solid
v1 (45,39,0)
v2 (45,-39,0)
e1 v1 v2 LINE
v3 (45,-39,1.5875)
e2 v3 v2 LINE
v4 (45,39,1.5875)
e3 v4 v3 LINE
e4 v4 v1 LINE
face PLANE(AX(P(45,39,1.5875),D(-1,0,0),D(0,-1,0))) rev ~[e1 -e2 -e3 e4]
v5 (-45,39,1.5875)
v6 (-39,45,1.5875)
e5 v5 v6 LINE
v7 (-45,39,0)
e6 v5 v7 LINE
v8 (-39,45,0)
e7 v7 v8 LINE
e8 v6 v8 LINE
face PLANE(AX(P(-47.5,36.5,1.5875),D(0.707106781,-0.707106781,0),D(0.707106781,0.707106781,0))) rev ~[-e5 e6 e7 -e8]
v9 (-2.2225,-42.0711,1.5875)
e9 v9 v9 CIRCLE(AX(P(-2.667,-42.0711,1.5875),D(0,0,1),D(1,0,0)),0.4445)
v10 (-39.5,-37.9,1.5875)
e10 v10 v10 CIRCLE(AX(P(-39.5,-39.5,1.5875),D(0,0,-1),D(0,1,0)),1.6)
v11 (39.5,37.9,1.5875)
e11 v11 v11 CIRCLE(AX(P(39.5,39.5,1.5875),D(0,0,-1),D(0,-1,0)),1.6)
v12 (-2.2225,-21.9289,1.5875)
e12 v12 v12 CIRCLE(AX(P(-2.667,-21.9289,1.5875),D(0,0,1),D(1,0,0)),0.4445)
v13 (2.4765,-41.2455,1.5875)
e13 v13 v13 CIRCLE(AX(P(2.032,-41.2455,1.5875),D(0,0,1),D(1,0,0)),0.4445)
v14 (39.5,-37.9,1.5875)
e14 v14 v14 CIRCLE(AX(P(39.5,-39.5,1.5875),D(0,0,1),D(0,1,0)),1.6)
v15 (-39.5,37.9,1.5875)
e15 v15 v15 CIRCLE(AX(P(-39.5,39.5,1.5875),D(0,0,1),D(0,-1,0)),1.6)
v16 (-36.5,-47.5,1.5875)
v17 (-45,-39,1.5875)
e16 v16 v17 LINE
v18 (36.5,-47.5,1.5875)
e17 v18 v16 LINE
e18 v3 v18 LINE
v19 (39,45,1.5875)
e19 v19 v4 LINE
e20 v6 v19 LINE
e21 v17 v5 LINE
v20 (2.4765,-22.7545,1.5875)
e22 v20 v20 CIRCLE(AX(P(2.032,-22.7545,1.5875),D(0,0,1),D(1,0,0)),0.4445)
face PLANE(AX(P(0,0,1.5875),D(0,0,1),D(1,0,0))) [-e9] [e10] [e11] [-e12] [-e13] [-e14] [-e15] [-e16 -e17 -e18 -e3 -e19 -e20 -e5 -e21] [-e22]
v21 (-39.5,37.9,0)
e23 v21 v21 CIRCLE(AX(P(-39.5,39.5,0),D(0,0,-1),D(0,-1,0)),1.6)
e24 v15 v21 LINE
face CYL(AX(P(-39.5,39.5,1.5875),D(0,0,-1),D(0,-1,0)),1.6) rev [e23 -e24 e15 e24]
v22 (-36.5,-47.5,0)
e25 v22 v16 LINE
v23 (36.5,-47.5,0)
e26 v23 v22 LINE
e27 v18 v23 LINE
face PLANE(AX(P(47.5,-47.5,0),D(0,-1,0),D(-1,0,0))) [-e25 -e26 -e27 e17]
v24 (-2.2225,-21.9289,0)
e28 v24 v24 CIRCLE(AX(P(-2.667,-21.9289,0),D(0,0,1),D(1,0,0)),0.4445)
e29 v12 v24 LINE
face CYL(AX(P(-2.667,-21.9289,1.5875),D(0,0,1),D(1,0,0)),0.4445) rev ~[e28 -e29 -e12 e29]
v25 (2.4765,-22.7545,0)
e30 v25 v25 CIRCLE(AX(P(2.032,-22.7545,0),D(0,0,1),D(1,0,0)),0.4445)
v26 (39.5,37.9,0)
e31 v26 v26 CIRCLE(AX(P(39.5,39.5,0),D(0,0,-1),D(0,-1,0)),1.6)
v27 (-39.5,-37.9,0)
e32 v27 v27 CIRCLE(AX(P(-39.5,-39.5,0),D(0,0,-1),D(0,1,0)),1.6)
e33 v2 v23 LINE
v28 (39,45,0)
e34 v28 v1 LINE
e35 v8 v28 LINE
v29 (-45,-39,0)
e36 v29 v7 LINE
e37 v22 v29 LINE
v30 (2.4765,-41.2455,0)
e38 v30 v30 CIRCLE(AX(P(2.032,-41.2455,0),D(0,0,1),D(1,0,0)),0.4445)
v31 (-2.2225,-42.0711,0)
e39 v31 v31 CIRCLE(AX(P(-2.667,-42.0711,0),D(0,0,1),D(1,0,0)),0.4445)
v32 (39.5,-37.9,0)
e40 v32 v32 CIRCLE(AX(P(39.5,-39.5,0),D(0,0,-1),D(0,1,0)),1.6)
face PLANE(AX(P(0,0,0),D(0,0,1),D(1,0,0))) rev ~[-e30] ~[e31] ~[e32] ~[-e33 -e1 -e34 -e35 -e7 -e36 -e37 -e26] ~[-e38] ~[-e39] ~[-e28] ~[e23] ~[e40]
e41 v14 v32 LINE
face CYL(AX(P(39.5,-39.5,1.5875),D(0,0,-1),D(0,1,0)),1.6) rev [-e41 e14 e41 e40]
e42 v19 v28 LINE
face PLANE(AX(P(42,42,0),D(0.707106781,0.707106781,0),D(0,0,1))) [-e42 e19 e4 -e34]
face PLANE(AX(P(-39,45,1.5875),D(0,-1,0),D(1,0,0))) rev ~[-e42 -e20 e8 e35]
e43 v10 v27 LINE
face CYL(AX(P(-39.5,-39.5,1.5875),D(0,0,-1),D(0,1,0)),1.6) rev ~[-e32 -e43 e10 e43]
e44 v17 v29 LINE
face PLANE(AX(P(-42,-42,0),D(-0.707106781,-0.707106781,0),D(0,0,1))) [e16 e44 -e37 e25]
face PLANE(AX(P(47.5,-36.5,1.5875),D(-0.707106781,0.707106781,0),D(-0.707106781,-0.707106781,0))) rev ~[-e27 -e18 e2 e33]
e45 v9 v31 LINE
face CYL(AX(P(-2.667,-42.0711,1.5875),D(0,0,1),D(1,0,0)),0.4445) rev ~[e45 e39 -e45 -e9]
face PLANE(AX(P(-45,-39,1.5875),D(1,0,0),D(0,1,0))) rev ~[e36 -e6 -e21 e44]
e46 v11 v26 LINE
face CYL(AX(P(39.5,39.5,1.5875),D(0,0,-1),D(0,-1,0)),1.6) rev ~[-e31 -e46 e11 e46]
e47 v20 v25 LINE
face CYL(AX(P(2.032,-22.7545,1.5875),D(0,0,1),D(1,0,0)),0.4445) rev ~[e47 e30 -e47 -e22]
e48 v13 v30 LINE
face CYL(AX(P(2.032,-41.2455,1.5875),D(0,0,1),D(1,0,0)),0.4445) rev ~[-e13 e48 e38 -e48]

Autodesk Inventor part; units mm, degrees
sketch "AL_spacer_contact_Zminus" plane through (0, 0, 0) normal (0, 0, 1) x (1, 0, 0)
  circle A0 centre (39.5, 39.5) radius 3.175
  circle A1 centre (39.5, -39.5) radius 3.175
  circle A2 centre (-39.5, -39.5) radius 3.175
  circle A3 centre (-39.5, 39.5) radius 3.175
  point P0 (0, 0)
  dimension "d228" = 39.5
  dimension "d229" = 39.5
  dimension "d230" = 39.5
  dimension "d231" = 39.5
  dimension "d232" = 39.5
  dimension "d233" = 39.5
  dimension "d234" = 39.5
  dimension "d235" = 39.5
  dimension "d236" = 6.35
sketch "Delrin_stayout_Zminus" plane through (0, 0, 0) normal (0, 0, 1) x (1, 0, 0)
  line L0 (47.5, 39.5) -> (47.5, 31)
  line L1 (47.5, 31) -> (39.5, 31)
  line L2 (39.5, 31) -> (31, 39.5)
  line L3 (31, 39.5) -> (31, 47.5)
  line L4 (31, 47.5) -> (39.5, 47.5)
  line L5 (39.5, 47.5) -> (47.5, 39.5)
  line L6 (-39.5, 47.5) -> (-47.5, 39.5)
  line L7 (-47.5, 39.5) -> (-47.5, 31)
  line L8 (-47.5, 31) -> (-39.5, 31)
  line L9 (-39.5, 31) -> (-31, 39.5)
  line L10 (-31, 39.5) -> (-31, 47.5)
  line L11 (-31, 47.5) -> (-39.5, 47.5)
  line L12 (47.5, -39.5) -> (39.5, -47.5)
  line L13 (39.5, -47.5) -> (31, -47.5)
  line L14 (31, -47.5) -> (31, -39.5)
  line L15 (31, -39.5) -> (39.5, -31)
  line L16 (39.5, -31) -> (47.5, -31)
  line L17 (47.5, -31) -> (47.5, -39.5)
  line L18 (-39.5, -47.5) -> (-47.5, -39.5)
  line L19 (-47.5, -39.5) -> (-47.5, -31)
  line L20 (-47.5, -31) -> (-39.5, -31)
  line L21 (-39.5, -31) -> (-31, -39.5)
  line L22 (-31, -39.5) -> (-31, -47.5)
  line L23 (-31, -47.5) -> (-39.5, -47.5)
  point P0 (0, 0)
  dimension "d243" = 16.5
  dimension "d244" = 8
  dimension "d245" = 8.5
  dimension "d246" = 16.5
  dimension "d247" = 47.5
  dimension "d248" = 47.5
  dimension "d249" = 47.5
  dimension "d250" = 47.5
  dimension "d251" = 47.5
  dimension "d252" = 47.5
  dimension "d253" = 47.5
  dimension "d254" = 47.5
sketch "Nub_stayout_Zminus" plane through (0, 0, 0) normal (0, 0, 1) x (1, 0, 0)
  line L0 (29, 47.5) -> (39.5, 47.5)
  line L1 (39.5, 47.5) -> (47.5, 39.5)
  line L2 (47.5, 39.5) -> (47.5, 29)
  line L3 (47.5, 29) -> (42, 29)
  line L4 (42, 29) -> (42, 40.4125)
  line L5 (40.4125, 42) -> (29, 42)
  line L6 (29, 42) -> (29, 47.5)
  arc A0 (42, 40.4125) -> (40.4125, 42) centre (40.4125, 40.4125) ccw
  line L7 (-29, 47.5) -> (-39.5, 47.5)
  line L8 (-39.5, 47.5) -> (-47.5, 39.5)
  line L9 (-47.5, 39.5) -> (-47.5, 29)
  line L10 (-47.5, 29) -> (-42, 29)
  line L11 (-42, 29) -> (-42, 40.4125)
  line L12 (-40.4125, 42) -> (-29, 42)
  line L13 (-29, 42) -> (-29, 47.5)
  arc A1 (-40.4125, 42) -> (-42, 40.4125) centre (-40.4125, 40.4125) ccw
  line L14 (-47.5, -29) -> (-42, -29)
  line L15 (-42, -29) -> (-42, -40.4125)
  line L16 (-40.4125, -42) -> (-29, -42)
  line L17 (-29, -42) -> (-29, -47.5)
  line L18 (-29, -47.5) -> (-39.5, -47.5)
  line L19 (-39.5, -47.5) -> (-47.5, -39.5)
  line L20 (-47.5, -39.5) -> (-47.5, -29)
  arc A2 (-42, -40.4125) -> (-40.4125, -42) centre (-40.4125, -40.4125) ccw
  line L21 (47.5, -29) -> (42, -29)
  line L22 (42, -29) -> (42, -40.4125)
  line L23 (40.4125, -42) -> (29, -42)
  line L24 (29, -42) -> (29, -47.5)
  line L25 (29, -47.5) -> (39.5, -47.5)
  line L26 (39.5, -47.5) -> (47.5, -39.5)
  line L27 (47.5, -39.5) -> (47.5, -29)
  arc A3 (40.4125, -42) -> (42, -40.4125) centre (40.4125, -40.4125) ccw
  point P0 (0, 0)
  dimension "d255" = 1.5875
  dimension "d256" = 18.5
  dimension "d257" = 8
  dimension "d258" = 5.5
  dimension "d259" = 47.5
  dimension "d260" = 47.5
  dimension "d264" = 1.5875
  dimension "d265" = 47.5
  dimension "d266" = 47.5
  dimension "d267" = 1.5875
  dimension "d268" = 47.5
  dimension "d269" = 47.5
  dimension "d270" = 1.5875
  dimension "d271" = 47.5
  dimension "d272" = 47.5
ref_plane "Zplus_face" through (0, 0, 1.5875) normal (0, 0, 1) x (1, 0, 0)
sketch "AL_spacer_contact_Zplus" plane through (0, 0, 1.5875) normal (0, 0, 1) x (1, 0, 0)
  circle A0 centre (-39.5, 39.5) radius 3.175
  circle A1 centre (-39.5, -39.5) radius 3.175
  circle A2 centre (39.5, -39.5) radius 3.175
  circle A3 centre (39.5, 39.5) radius 3.175
  point P0 (0, 0)
  dimension "d129" = 39.5
  dimension "d130" = 39.5
  dimension "d131" = 39.5
  dimension "d132" = 39.5
  dimension "d133" = 6.35
sketch "Delrin_stayout_Zplus" plane through (0, 0, 1.5875) normal (0, 0, 1) x (1, 0, 0)
  line L0 (47.5, -31) -> (47.5, -39.5)
  line L1 (47.5, -39.5) -> (39.5, -47.5)
  line L2 (39.5, -47.5) -> (31, -47.5)
  line L3 (31, -47.5) -> (31, -39.5)
  line L4 (31, -39.5) -> (39.5, -31)
  line L5 (39.5, -31) -> (47.5, -31)
  line L6 (47.5, 31) -> (47.5, 39.5)
  line L7 (47.5, 39.5) -> (39.5, 47.5)
  line L8 (39.5, 47.5) -> (31, 47.5)
  line L9 (31, 47.5) -> (31, 39.5)
  line L10 (31, 39.5) -> (39.5, 31)
  line L11 (39.5, 31) -> (47.5, 31)
  line L12 (-39.5, 47.5) -> (-47.5, 39.5)
  line L13 (-47.5, 39.5) -> (-47.5, 31)
  line L14 (-47.5, 31) -> (-39.5, 31)
  line L15 (-39.5, 31) -> (-31, 39.5)
  line L16 (-31, 39.5) -> (-31, 47.5)
  line L17 (-31, 47.5) -> (-39.5, 47.5)
  line L18 (-47.5, -39.5) -> (-39.5, -47.5)
  line L19 (-39.5, -47.5) -> (-31, -47.5)
  line L20 (-31, -47.5) -> (-31, -39.5)
  line L21 (-31, -39.5) -> (-39.5, -31)
  line L22 (-39.5, -31) -> (-47.5, -31)
  line L23 (-47.5, -31) -> (-47.5, -39.5)
  point P0 (0, 0)
  dimension "d115" = 16.5
  dimension "d116" = 16.5
  dimension "d117" = 8
  dimension "d118" = 8.5
  dimension "d121" = 47.5
  dimension "d122" = 47.5
  dimension "d123" = 47.5
  dimension "d124" = 47.5
  dimension "d125" = 47.5
  dimension "d126" = 47.5
  dimension "d127" = 47.5
  dimension "d128" = 47.5
sketch "Nub_stayout_Zplus" plane through (0, 0, 1.5875) normal (0, 0, 1) x (1, 0, 0)
  line L0 (47.5, 29) -> (42, 29)
  line L1 (42, 29) -> (42, 40.4125)
  line L2 (40.4125, 42) -> (29, 42)
  line L3 (29, 42) -> (29, 47.5)
  arc A0 (42, 40.4125) -> (40.4125, 42) centre (40.4125, 40.4125) ccw
  line L4 (29, 47.5) -> (39.5, 47.5)
  line L5 (39.5, 47.5) -> (47.5, 39.5)
  line L6 (47.5, 39.5) -> (47.5, 29)
  line L7 (-39.5, 47.5) -> (-29, 47.5)
  line L8 (-29, 47.5) -> (-29, 42)
  line L9 (-29, 42) -> (-40.4125, 42)
  line L10 (-42, 40.4125) -> (-42, 29)
  line L11 (-42, 29) -> (-47.5, 29)
  line L12 (-47.5, 29) -> (-47.5, 39.5)
  line L13 (-47.5, 39.5) -> (-39.5, 47.5)
  arc A1 (-40.4125, 42) -> (-42, 40.4125) centre (-40.4125, 40.4125) ccw
  line L14 (-47.5, -29) -> (-47.5, -39.5)
  line L15 (-47.5, -39.5) -> (-39.5, -47.5)
  line L16 (-39.5, -47.5) -> (-29, -47.5)
  line L17 (-29, -47.5) -> (-29, -42)
  line L18 (-29, -42) -> (-40.4125, -42)
  line L19 (-42, -40.4125) -> (-42, -29)
  line L20 (-42, -29) -> (-47.5, -29)
  arc A2 (-42, -40.4125) -> (-40.4125, -42) centre (-40.4125, -40.4125) ccw
  line L21 (29, -47.5) -> (39.5, -47.5)
  line L22 (39.5, -47.5) -> (47.5, -39.5)
  line L23 (47.5, -39.5) -> (47.5, -29)
  line L24 (47.5, -29) -> (42, -29)
  line L25 (42, -29) -> (42, -40.4125)
  line L26 (40.4125, -42) -> (29, -42)
  line L27 (29, -42) -> (29, -47.5)
  arc A3 (40.4125, -42) -> (42, -40.4125) centre (40.4125, -40.4125) ccw
  point P0 (0, 0)
  dimension "d146" = 1.5875
  dimension "d147" = 5.5
  dimension "d149" = 18.5
  dimension "d150" = 8
  dimension "d151" = 47.5
  dimension "d152" = 47.5
  dimension "d153" = 1.5875
  dimension "d154" = 47.5
  dimension "d155" = 47.5
  dimension "d156" = 1.5875
  dimension "d157" = 47.5
  dimension "d158" = 47.5
  dimension "d159" = 1.5875
  dimension "d160" = 47.5
  dimension "d161" = 47.5
sketch "Sketch1" plane through (0, 0, 0) normal (0, 0, 1) x (1, 0, 0)
  line L0 (-47.5, 47.5) -> (47.5, 47.5)
  line L1 (47.5, 47.5) -> (47.5, -47.5)
  line L2 (47.5, -47.5) -> (-47.5, -47.5)
  line L3 (-47.5, -47.5) -> (-47.5, 47.5)
  point P0 (0, 0)
  dimension "d0" = 95
  dimension "d1" = 95
  dimension "d2" = 47.5
  dimension "d3" = 47.5
extrude "Extrusion1" add sketch "Sketch1" along normal blind 1.5875
chamfer "Chamfer2" distance 11 angle 45 2 edges at (-47.5, -47.5, 0.7937) (47.5, 47.5, 0.7937)
ref_plane "Work Plane_ConnX" through (-32, 0, 0) normal (1, 0, 0) x (0, 1, 0)
ref_plane "Work Plane_ConnY" through (0, 0, 0) normal (0, 1, 0) x (-1, 0, 0)
sketch "Sketch9" plane through (0, 0, 1.5875) normal (0, 0, 1) x (1, 0, 0)
  line L0 (47.5, 47.5) -> (47.5, -47.5) projected
  line L1 (58.5598, -32) -> (-58.5598, -32)
  circle A0 centre (-2.667, -21.9289) radius 0.4445
  circle A1 centre (-2.667, -42.0711) radius 0.4445
  line L2 (0, 26.5598) -> (0, -90.5598) construction
  point P0 (0, 0)
  point P1 (0, -32)
  dimension "d134" = 20.1422
  dimension "d136" = 2.667
  dimension "d138" = 0.889
  dimension "d141" = 180
  dimension "d350" = 32
  dimension "d351" = 0
extrude "Holes_Conn_Zminus" cut sketch "Sketch9" against normal through all
sketch "Sketch22" plane through (0, 0, 1.5875) normal (0, 0, 1) x (1, 0, 0)
  line L0 (47.5, 36.5) -> (47.5, -47.5) projected
  line L1 (0, -1.0026) -> (0, -62.9974) construction
  line L2 (62.8115, -32) -> (-62.8115, -32)
  circle A0 centre (2.032, -22.7545) radius 0.4445
  circle A1 centre (2.032, -41.2455) radius 0.4445
  point P0 (47.5, -36.5)
  point P1 (0, 0)
  point P2 (0, -32)
  dimension "d282" = 180
  dimension "d283" = 18.491
  dimension "d284" = 0.889
  dimension "d285" = 2.032
  dimension "d352" = 32
  dimension "d353" = 0
extrude "Holes_Conn_Zplus" cut sketch "Sketch22" against normal through all
hole "Hole5" at (39.5, 39.5, 1.5875) direction (0, 0, -1) diameter 3.2 end through all
mirror "Mirror5" about plane through (0, 0, 0) normal (1, 0, 0) of "Hole5"
mirror "Mirror6" about plane through (0, 0, 0) normal (0, 1, 0) of "Hole5", "Mirror5"
sketch "Sketch25" plane through (0, 0, 1.5875) normal (0, 0, 1) x (1, 0, 0)
  circle A0 centre (-39.5, -39.5) radius 1.6 projected
  circle A1 centre (39.5, -39.5) radius 1.6 projected
  circle A2 centre (-39.5, 39.5) radius 1.6 projected
  circle A3 centre (39.5, 39.5) radius 1.6 projected
  line L0 (47.5, -47.5) -> (-36.5, -47.5) projected
  line L1 (0, 0) -> (0, -59.2198)
  line L2 (8, -47.5) -> (8, -15.5)
  line L3 (8, -15.5) -> (-8, -15.5)
  line L4 (-8, -15.5) -> (-8, -47.5)
  line L5 (-8, -47.5) -> (-62.7516, -61.7336)
  line L6 (-62.7516, -61.7336) -> (-64.2933, 68.2222)
  line L7 (-64.2933, 68.2222) -> (58.3572, 62.5728)
  line L8 (58.3572, 62.5728) -> (56.5848, -69.017)
  line L9 (56.5848, -69.017) -> (8, -47.5)
  point P0 (36.5, -47.5)
  dimension "d362" = 16
  dimension "d363" = 32
extrude "Extrusion9" [suppressed]
sketch "Sketch26" plane through (0, 0, 1.5875) normal (0, 0, 1) x (1, 0, 0)
  line L0 (47.5, -47.5) -> (-36.5, -47.5) projected
  circle A0 centre (-23.5, -42.5) radius 0.75
  circle A1 centre (-16.5, -42.5) radius 0.75
  line L1 (-20, -36.5) -> (-20, -45.5063)
  point P0 (36.5, -47.5)
  point P1 (0, 0)
  point P2 (-20, -42.5)
  dimension "d366" = 1.5
  dimension "d367" = 7
  dimension "d368" = 5
  dimension "d369" = 20
extrude "Extrusion10" [suppressed]
sketch "Sketch27" plane through (0, 0, 1.5875) normal (0, 0, 1) x (1, 0, 0)
  line L0 (47.5, -47.5) -> (47, -47.5)
  line L1 (47, -47.5) -> (47, -40.5)
  line L2 (47.5, -39.338) -> (47.5, -47.5)
  arc A0 (47.5, -39.338) -> (47, -40.5) centre (48.6002, -40.5) ccw
  line L3 (-47.5, 47.5) -> (-47, 47.5)
  line L4 (-47, 47.5) -> (-47, 40.5)
  line L5 (-47.5, 39.338) -> (-47.5, 47.5)
  arc A1 (-47.5, 39.338) -> (-47, 40.5) centre (-48.6002, 40.5) ccw
  point P0 (0, 0)
  dimension "d372" = 1.6002
  dimension "d373" = 0.5
  dimension "d374" = 7
extrude "Extrusion11" cut sketch "Sketch27" against normal through all
chamfer "Chamfer4" [suppressed]
sketch "Sketch33" plane through (0, 0, 1.5875) normal (0, 0, 1) x (1, 0, 0)
  circle A0 centre (-44.75, 44.75) radius 1.5875
  circle A1 centre (44.75, -44.75) radius 1.5875
  line L0 (6.3245, 0) -> (0, 0)
  line L1 (0, 0) -> (0, 6.5529)
  circle A2 centre (-44.75, -44.75) radius 1.5875
  circle A3 centre (44.75, 44.75) radius 1.5875
  dimension "d431" = 89.5
  dimension "d432" = 89.5
  dimension "d433" = 89.5
  dimension "d434" = 89.5
  dimension "d435" = 3.175
extrude "Extrusion13" [suppressed]
sketch "Sketch34" plane through (0, 0, 1.5875) normal (0, 0, 1) x (1, 0, 0)
  arc A0 (-47.5, 39.338) -> (-47, 40.5) centre (-48.6002, 40.5) ccw projected
  line L0 (-47.5, -36.5) -> (-47.5, 39.338) projected
  line L1 (47, -47.5) -> (-36.5, -47.5) projected
  line L2 (47, -47.5) -> (47, -40.5) projected
  arc A1 (47.5, -39.338) -> (47, -40.5) centre (48.6002, -40.5) ccw projected
  line L3 (47.5, 36.5) -> (47.5, -39.338) projected
  line L4 (-47, 47.5) -> (-47, 40.5) projected
  line L5 (-47.5, 36.5) -> (-36.5, 47.5)
  line L6 (-47.5, 36.5) -> (-47.5, 47.5)
  line L7 (-47.5, 47.5) -> (-36.5, 47.5)
  line L8 (47.5, -36.5) -> (36.5, -47.5)
  line L9 (47.5, -47.5) -> (47.5, -36.5)
  line L10 (36.5, -47.5) -> (47.5, -47.5)
  point P0 (0, 0)
  dimension "d438" = 11
  dimension "d439" = 11
extrude "Extrusion14" cut sketch "Sketch34" against normal through all contours L6 L7 L4 A0 | A0 L4 L7 L5 L0 | L1 L8 L3 A1 L2
sketch "Sketch35" plane through (0, 0, 1.5875) normal (0, 0, 1) x (1, 0, 0)
  line L0 (36.5, -47.5) -> (47.5, -36.5) projected
  line L1 (47.5, 36.5) -> (47.5, -39.338) projected
  line L2 (36.5, 47.5) -> (47.5, 36.5) projected
  line L3 (-47, 47.5) -> (36.5, 47.5) projected
  line L4 (-36.5, 47.5) -> (-47.5, 36.5) projected
  line L5 (-47.5, -36.5) -> (-47.5, 39.338) projected
  line L6 (-36.5, -47.5) -> (-47.5, -36.5) projected
  line L7 (-45, -39) -> (-45, 39)
  line L8 (-39, 45) -> (39, 45)
  line L9 (45, 39) -> (45, -39)
  point P0 (0, 0)
  dimension "d442" = 45
  dimension "d443" = 45
  dimension "d444" = 45
extrude "Extrusion15" cut sketch "Sketch35" against normal through all
sketch "Sketch36" plane through (0, 0, 1.5875) normal (0, 0, 1) x (1, 0, 0)
  line L0 (47.5, 36.5) -> (47.5, -39.338) projected
  line L1 (-47, 47.5) -> (36.5, 47.5) projected
  line L2 (-47.5, -36.5) -> (-47.5, 39.338) projected
  line L3 (-47.5, 27.5) -> (-45, 27.5)
  line L4 (-45, 27.5) -> (-45, 43)
  line L5 (-45, 43) -> (-47.5, 43)
  line L6 (-47.5, 43) -> (-47.5, 27.5)
  line L7 (-27.5, 47.5) -> (-44, 47.5)
  line L8 (-44, 47.5) -> (-44, 45)
  line L9 (-44, 45) -> (-27.5, 45)
  line L10 (-27.5, 45) -> (-27.5, 47.5)
  line L11 (27.5, 47.5) -> (44, 47.5)
  line L12 (44, 47.5) -> (44, 45)
  line L13 (44, 45) -> (27.5, 45)
  line L14 (27.5, 45) -> (27.5, 47.5)
  line L15 (47.5, 27.5) -> (45, 27.5)
  line L16 (45, 27.5) -> (45, 45.2)
  line L17 (45, 45.2) -> (47.5, 45.2)
  line L18 (47.5, 45.2) -> (47.5, 27.5)
  point P0 (47.5, -36.5)
  point P1 (-36.5, 47.5)
  point P2 (-47.5, 36.5)
  point P3 (0, 0)
  dimension "d447" = 20
  dimension "d448" = 20
  dimension "d449" = 20
  dimension "d450" = 20
  dimension "d451" = 2.5
extrude "Extrusion16" [suppressed]
sketch "Sketch37" plane through (0, 0, 1.5875) normal (0, 0, 1) x (1, 0, 0)
  line L0 (39, 45) -> (-39, 45) projected
  line L1 (-45, 39) -> (-45, -39) projected
  line L2 (36.5, -47.5) -> (-36.5, -47.5) projected
  line L3 (45, -39) -> (45, 39) projected
  line L4 (-45, 45) -> (44.9827, 45.0169) construction
  line L5 (44.9827, 45.0169) -> (45, -47.5) construction
  line L6 (45, -47.5) -> (-44.9827, -47.5169) construction
  line L7 (-44.9827, -47.5169) -> (-45, 45) construction
  point P0 (0, 0)
decal "Decal4"
sketch "Sketch39" plane through (0, 0, 0) normal (0, 0, -1) x (-1, 0, 0)
  line L0 (39, 45) -> (-39, 45) projected
  line L1 (-45, 39) -> (-45, -39) projected
  line L2 (-36.5, -47.5) -> (36.5, -47.5) projected
  line L3 (45, -39) -> (45, 39) projected
  line L4 (-45, 45) -> (44.9779, 45.0215) construction
  line L5 (44.9779, 45.0215) -> (45, -47.5) construction
  line L6 (45, -47.5) -> (-44.9779, -47.5215) construction
  line L7 (-44.9779, -47.5215) -> (-45, 45) construction
  point P0 (0, 0)
decal "Decal5"
equation "\"DESCRIPTION\" = 0.1"
properties part number "PCB_LT_ICR-EM" material "FR4"
